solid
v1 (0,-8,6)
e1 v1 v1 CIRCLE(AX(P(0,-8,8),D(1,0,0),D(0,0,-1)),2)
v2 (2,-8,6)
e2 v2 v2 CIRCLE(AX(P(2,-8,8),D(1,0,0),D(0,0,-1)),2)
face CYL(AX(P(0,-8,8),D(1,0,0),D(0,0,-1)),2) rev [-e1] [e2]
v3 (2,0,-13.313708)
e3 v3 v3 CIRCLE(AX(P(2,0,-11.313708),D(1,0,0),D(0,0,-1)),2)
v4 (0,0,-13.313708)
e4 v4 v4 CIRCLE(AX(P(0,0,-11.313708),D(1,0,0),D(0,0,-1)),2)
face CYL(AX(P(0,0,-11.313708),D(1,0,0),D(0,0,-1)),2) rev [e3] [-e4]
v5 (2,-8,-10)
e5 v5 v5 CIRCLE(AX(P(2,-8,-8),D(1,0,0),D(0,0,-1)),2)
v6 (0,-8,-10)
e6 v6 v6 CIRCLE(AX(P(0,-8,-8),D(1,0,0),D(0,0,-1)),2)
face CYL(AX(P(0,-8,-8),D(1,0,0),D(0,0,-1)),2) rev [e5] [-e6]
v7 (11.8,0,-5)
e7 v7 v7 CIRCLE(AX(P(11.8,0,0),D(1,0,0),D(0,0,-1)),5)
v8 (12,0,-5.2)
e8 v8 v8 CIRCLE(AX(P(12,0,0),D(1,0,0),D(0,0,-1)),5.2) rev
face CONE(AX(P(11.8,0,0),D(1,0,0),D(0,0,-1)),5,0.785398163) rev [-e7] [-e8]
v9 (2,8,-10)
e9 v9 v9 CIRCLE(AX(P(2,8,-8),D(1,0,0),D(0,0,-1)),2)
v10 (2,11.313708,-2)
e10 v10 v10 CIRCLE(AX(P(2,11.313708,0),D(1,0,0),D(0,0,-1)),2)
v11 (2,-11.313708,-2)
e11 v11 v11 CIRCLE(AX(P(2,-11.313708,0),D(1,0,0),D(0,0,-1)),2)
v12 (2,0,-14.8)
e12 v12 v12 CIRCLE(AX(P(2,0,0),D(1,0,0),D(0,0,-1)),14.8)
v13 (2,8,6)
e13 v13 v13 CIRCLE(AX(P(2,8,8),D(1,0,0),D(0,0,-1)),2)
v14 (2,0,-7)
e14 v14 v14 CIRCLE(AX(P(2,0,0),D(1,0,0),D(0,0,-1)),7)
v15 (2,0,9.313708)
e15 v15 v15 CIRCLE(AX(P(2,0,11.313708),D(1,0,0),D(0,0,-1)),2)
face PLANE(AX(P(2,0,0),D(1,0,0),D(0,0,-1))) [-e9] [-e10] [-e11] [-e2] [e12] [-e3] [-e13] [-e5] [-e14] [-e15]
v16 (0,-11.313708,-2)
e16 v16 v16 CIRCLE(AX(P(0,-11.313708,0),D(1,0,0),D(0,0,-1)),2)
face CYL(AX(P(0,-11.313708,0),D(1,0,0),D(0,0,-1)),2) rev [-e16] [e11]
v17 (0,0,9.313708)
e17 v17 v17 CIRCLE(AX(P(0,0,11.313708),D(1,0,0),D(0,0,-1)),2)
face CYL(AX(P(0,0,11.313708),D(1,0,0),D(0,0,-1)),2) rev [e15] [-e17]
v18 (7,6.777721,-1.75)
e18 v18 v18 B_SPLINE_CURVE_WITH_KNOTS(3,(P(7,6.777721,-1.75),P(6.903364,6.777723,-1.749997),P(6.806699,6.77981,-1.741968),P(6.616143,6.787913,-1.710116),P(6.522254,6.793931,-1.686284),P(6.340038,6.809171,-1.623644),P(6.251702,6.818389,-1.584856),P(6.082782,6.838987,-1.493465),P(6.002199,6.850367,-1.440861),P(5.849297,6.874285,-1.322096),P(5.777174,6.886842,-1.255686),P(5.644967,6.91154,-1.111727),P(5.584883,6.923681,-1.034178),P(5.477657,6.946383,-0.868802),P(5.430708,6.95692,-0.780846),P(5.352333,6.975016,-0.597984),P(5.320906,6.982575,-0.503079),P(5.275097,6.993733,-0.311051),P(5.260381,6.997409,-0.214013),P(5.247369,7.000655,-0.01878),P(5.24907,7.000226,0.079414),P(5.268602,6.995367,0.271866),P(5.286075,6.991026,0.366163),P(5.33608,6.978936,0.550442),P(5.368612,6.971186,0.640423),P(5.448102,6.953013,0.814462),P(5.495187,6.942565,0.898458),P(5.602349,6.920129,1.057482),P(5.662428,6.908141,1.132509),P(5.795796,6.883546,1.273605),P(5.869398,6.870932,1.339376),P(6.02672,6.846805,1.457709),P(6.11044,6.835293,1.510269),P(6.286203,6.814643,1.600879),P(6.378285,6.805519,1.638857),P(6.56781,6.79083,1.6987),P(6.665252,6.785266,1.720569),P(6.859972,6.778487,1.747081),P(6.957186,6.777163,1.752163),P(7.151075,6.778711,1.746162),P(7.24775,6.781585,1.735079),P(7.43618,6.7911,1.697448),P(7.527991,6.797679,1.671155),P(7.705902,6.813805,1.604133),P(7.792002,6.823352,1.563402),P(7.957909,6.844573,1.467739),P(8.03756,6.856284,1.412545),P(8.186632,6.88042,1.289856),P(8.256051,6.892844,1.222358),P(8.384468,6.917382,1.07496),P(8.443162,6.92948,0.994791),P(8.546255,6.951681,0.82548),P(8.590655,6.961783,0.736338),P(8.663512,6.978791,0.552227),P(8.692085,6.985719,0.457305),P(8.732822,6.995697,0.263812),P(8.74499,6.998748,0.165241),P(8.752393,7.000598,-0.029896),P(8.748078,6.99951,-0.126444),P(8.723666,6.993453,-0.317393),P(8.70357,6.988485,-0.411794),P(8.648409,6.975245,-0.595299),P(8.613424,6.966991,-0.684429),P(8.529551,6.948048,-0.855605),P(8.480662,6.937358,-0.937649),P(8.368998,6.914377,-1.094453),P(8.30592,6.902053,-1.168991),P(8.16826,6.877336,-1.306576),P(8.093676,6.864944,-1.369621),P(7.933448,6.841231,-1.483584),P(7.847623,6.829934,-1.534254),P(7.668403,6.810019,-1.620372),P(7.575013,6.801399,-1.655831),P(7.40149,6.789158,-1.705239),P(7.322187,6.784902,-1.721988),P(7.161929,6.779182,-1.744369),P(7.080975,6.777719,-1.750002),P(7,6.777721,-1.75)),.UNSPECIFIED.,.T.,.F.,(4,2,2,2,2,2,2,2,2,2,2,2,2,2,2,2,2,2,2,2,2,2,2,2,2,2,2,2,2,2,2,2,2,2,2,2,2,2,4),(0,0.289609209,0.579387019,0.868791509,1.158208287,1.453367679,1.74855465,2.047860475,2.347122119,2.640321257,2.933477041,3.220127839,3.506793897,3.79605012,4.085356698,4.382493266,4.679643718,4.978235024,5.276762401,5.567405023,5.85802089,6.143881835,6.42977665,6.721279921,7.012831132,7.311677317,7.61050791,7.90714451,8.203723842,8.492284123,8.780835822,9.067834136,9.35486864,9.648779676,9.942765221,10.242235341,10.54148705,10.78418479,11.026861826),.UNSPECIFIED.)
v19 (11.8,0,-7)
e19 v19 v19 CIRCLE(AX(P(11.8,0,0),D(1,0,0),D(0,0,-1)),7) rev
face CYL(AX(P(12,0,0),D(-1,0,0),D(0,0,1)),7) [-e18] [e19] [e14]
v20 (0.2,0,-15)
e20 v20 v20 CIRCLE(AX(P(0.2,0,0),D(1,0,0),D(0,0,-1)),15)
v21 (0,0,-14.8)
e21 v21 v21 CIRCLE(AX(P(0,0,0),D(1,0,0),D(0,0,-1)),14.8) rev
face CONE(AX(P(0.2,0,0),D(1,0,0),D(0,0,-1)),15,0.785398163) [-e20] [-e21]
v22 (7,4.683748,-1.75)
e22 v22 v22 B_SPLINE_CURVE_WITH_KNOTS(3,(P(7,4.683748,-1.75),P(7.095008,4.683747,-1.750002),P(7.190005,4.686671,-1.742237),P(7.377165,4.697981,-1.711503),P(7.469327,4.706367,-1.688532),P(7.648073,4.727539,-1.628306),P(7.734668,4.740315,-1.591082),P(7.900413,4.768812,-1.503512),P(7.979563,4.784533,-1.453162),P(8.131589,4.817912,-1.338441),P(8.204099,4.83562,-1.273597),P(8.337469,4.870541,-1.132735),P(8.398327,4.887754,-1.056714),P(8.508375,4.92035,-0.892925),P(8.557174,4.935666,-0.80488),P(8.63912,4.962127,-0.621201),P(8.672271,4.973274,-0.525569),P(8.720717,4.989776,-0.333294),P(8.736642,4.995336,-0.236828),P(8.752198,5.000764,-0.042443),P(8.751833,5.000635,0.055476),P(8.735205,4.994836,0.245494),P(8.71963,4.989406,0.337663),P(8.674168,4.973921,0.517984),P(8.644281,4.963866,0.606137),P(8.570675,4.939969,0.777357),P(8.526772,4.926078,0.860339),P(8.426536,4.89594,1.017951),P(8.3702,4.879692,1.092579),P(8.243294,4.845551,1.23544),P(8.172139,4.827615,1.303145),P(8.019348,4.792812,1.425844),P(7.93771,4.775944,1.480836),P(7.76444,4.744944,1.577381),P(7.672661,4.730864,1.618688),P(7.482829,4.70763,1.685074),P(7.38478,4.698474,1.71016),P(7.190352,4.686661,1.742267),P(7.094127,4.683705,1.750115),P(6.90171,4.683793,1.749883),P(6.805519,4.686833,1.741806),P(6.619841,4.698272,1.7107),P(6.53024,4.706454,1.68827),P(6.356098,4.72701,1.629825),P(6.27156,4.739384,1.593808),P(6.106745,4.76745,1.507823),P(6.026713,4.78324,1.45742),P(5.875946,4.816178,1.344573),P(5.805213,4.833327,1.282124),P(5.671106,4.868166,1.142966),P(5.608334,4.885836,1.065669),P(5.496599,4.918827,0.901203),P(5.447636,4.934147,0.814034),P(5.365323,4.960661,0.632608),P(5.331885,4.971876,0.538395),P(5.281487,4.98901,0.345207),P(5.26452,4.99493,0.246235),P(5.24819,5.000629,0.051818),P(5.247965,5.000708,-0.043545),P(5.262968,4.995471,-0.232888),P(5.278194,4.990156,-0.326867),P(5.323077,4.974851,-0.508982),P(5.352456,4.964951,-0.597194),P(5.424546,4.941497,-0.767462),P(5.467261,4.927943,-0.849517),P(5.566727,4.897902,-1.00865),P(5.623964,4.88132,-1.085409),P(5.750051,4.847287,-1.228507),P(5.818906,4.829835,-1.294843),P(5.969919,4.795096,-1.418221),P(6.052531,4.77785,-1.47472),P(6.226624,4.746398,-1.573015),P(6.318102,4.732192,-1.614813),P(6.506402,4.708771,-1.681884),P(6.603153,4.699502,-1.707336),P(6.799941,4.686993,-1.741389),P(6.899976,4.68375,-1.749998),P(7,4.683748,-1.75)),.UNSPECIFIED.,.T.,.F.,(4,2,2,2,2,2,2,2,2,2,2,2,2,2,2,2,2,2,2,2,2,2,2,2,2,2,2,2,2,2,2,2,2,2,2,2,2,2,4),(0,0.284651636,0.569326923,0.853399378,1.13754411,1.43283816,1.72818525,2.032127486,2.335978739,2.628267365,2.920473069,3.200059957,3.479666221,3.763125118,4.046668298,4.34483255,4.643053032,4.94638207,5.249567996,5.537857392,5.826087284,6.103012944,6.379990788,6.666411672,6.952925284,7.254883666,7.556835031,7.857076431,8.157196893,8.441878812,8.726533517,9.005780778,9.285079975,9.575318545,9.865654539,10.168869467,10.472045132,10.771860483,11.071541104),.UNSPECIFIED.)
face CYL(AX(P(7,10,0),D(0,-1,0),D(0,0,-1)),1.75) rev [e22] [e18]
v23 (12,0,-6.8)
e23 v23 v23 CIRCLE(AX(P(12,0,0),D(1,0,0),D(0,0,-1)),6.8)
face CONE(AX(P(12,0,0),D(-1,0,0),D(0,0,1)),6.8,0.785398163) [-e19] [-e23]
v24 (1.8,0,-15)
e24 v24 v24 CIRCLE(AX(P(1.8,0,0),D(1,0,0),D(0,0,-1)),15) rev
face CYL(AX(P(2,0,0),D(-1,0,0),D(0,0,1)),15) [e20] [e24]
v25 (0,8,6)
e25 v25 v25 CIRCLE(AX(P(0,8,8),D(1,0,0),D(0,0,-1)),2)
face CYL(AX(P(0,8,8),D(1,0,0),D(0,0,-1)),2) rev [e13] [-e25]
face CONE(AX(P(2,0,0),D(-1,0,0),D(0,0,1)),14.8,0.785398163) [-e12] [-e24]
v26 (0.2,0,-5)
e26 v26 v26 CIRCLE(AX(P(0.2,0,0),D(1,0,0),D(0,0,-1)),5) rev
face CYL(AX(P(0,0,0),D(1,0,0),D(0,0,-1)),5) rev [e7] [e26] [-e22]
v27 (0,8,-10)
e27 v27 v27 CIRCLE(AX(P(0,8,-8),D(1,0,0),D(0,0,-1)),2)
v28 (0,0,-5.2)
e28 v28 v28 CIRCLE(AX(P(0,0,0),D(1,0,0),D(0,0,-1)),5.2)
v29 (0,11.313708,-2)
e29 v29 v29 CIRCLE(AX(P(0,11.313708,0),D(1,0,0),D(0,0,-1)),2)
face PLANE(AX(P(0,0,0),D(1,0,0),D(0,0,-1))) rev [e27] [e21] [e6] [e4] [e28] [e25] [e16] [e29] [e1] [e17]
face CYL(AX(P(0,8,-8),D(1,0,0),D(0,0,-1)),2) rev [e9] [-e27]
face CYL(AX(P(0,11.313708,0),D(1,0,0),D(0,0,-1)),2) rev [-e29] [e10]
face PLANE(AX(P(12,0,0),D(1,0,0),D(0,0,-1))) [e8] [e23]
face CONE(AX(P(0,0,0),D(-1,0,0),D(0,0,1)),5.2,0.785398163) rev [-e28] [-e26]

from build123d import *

# Parameters (mm, degrees)
SKETCH_1_R          = 15
EXTRUDE_1_DEPTH     = 2
SKETCH_2_R          = 7
EXTRUDE_2_DEPTH     = 10
SKETCH_3_R          = 2
CUT_EXTRUDE_1_DEPTH = 24.452078799
SKETCH_4_R          = 5
CUT_EXTRUDE_2_DEPTH = 25.372115214
CHAMFER_1_SIZE      = 0.2
SKETCH_5_R          = 1.75
CUT_EXTRUDE_3_DEPTH = 10


with BuildPart() as part:
    # 草图1 → 凸台-拉伸1 (new body)
    with BuildSketch(Plane(origin=(0, 0, 0), x_dir=(0, 0, -1), z_dir=(1, 0, 0))):
        Circle(SKETCH_1_R)
    extrude(amount=EXTRUDE_1_DEPTH)

    # 草图2 → 凸台-拉伸2 (add)
    with BuildSketch(Plane(origin=(2, 0, 0), x_dir=(0, 0, -1), z_dir=(1, 0, 0))):
        Circle(SKETCH_2_R)
    extrude(amount=EXTRUDE_2_DEPTH)

    # 草图3 → 切除-拉伸1 (cut, through all)
    with BuildSketch(Plane(origin=(2, 0, 0), x_dir=(0, 0, -1), z_dir=(1, 0, 0))):
        with Locations((0, 11.313708499)):
            Circle(SKETCH_3_R)
        with Locations((8, 8)):
            Circle(SKETCH_3_R)
        with Locations((11.313708499, 0)):
            Circle(SKETCH_3_R)
        with Locations((8, -8)):
            Circle(SKETCH_3_R)
        with Locations((0, -11.313708499)):
            Circle(SKETCH_3_R)
        with Locations((-8, -8)):
            Circle(SKETCH_3_R)
        with Locations((-11.313708499, 0)):
            Circle(SKETCH_3_R)
        with Locations((-8, 8)):
            Circle(SKETCH_3_R)
    extrude(amount=-CUT_EXTRUDE_1_DEPTH, mode=Mode.SUBTRACT)

    # 草图4 → 切除-拉伸2 (cut, through all)
    with BuildSketch(Plane(origin=(12, 0, 0), x_dir=(0, 0, -1), z_dir=(1, 0, 0))):
        Circle(SKETCH_4_R)
    extrude(amount=-CUT_EXTRUDE_2_DEPTH, mode=Mode.SUBTRACT)

    # 倒角1
    chamfer_1_edges = [part.edges().sort_by_distance(p)[0] for p in [
        (0, 0, 15),
        (0, 0, 5),
        (12, 0, 5),
        (2, 0, 15),
        (12, 0, 7),
    ]]
    chamfer(chamfer_1_edges, length=CHAMFER_1_SIZE)

    # 草图5 → 切除-拉伸3 (cut)
    with BuildSketch(Plane(origin=(0, 0, 0), x_dir=(1, 0, 0), z_dir=(0, 1, 0))):
        with Locations(Location((7, 0, 0), (0, 0, 90))):
            Circle(SKETCH_5_R)
    extrude(amount=CUT_EXTRUDE_3_DEPTH, mode=Mode.SUBTRACT)


solid = part.part
